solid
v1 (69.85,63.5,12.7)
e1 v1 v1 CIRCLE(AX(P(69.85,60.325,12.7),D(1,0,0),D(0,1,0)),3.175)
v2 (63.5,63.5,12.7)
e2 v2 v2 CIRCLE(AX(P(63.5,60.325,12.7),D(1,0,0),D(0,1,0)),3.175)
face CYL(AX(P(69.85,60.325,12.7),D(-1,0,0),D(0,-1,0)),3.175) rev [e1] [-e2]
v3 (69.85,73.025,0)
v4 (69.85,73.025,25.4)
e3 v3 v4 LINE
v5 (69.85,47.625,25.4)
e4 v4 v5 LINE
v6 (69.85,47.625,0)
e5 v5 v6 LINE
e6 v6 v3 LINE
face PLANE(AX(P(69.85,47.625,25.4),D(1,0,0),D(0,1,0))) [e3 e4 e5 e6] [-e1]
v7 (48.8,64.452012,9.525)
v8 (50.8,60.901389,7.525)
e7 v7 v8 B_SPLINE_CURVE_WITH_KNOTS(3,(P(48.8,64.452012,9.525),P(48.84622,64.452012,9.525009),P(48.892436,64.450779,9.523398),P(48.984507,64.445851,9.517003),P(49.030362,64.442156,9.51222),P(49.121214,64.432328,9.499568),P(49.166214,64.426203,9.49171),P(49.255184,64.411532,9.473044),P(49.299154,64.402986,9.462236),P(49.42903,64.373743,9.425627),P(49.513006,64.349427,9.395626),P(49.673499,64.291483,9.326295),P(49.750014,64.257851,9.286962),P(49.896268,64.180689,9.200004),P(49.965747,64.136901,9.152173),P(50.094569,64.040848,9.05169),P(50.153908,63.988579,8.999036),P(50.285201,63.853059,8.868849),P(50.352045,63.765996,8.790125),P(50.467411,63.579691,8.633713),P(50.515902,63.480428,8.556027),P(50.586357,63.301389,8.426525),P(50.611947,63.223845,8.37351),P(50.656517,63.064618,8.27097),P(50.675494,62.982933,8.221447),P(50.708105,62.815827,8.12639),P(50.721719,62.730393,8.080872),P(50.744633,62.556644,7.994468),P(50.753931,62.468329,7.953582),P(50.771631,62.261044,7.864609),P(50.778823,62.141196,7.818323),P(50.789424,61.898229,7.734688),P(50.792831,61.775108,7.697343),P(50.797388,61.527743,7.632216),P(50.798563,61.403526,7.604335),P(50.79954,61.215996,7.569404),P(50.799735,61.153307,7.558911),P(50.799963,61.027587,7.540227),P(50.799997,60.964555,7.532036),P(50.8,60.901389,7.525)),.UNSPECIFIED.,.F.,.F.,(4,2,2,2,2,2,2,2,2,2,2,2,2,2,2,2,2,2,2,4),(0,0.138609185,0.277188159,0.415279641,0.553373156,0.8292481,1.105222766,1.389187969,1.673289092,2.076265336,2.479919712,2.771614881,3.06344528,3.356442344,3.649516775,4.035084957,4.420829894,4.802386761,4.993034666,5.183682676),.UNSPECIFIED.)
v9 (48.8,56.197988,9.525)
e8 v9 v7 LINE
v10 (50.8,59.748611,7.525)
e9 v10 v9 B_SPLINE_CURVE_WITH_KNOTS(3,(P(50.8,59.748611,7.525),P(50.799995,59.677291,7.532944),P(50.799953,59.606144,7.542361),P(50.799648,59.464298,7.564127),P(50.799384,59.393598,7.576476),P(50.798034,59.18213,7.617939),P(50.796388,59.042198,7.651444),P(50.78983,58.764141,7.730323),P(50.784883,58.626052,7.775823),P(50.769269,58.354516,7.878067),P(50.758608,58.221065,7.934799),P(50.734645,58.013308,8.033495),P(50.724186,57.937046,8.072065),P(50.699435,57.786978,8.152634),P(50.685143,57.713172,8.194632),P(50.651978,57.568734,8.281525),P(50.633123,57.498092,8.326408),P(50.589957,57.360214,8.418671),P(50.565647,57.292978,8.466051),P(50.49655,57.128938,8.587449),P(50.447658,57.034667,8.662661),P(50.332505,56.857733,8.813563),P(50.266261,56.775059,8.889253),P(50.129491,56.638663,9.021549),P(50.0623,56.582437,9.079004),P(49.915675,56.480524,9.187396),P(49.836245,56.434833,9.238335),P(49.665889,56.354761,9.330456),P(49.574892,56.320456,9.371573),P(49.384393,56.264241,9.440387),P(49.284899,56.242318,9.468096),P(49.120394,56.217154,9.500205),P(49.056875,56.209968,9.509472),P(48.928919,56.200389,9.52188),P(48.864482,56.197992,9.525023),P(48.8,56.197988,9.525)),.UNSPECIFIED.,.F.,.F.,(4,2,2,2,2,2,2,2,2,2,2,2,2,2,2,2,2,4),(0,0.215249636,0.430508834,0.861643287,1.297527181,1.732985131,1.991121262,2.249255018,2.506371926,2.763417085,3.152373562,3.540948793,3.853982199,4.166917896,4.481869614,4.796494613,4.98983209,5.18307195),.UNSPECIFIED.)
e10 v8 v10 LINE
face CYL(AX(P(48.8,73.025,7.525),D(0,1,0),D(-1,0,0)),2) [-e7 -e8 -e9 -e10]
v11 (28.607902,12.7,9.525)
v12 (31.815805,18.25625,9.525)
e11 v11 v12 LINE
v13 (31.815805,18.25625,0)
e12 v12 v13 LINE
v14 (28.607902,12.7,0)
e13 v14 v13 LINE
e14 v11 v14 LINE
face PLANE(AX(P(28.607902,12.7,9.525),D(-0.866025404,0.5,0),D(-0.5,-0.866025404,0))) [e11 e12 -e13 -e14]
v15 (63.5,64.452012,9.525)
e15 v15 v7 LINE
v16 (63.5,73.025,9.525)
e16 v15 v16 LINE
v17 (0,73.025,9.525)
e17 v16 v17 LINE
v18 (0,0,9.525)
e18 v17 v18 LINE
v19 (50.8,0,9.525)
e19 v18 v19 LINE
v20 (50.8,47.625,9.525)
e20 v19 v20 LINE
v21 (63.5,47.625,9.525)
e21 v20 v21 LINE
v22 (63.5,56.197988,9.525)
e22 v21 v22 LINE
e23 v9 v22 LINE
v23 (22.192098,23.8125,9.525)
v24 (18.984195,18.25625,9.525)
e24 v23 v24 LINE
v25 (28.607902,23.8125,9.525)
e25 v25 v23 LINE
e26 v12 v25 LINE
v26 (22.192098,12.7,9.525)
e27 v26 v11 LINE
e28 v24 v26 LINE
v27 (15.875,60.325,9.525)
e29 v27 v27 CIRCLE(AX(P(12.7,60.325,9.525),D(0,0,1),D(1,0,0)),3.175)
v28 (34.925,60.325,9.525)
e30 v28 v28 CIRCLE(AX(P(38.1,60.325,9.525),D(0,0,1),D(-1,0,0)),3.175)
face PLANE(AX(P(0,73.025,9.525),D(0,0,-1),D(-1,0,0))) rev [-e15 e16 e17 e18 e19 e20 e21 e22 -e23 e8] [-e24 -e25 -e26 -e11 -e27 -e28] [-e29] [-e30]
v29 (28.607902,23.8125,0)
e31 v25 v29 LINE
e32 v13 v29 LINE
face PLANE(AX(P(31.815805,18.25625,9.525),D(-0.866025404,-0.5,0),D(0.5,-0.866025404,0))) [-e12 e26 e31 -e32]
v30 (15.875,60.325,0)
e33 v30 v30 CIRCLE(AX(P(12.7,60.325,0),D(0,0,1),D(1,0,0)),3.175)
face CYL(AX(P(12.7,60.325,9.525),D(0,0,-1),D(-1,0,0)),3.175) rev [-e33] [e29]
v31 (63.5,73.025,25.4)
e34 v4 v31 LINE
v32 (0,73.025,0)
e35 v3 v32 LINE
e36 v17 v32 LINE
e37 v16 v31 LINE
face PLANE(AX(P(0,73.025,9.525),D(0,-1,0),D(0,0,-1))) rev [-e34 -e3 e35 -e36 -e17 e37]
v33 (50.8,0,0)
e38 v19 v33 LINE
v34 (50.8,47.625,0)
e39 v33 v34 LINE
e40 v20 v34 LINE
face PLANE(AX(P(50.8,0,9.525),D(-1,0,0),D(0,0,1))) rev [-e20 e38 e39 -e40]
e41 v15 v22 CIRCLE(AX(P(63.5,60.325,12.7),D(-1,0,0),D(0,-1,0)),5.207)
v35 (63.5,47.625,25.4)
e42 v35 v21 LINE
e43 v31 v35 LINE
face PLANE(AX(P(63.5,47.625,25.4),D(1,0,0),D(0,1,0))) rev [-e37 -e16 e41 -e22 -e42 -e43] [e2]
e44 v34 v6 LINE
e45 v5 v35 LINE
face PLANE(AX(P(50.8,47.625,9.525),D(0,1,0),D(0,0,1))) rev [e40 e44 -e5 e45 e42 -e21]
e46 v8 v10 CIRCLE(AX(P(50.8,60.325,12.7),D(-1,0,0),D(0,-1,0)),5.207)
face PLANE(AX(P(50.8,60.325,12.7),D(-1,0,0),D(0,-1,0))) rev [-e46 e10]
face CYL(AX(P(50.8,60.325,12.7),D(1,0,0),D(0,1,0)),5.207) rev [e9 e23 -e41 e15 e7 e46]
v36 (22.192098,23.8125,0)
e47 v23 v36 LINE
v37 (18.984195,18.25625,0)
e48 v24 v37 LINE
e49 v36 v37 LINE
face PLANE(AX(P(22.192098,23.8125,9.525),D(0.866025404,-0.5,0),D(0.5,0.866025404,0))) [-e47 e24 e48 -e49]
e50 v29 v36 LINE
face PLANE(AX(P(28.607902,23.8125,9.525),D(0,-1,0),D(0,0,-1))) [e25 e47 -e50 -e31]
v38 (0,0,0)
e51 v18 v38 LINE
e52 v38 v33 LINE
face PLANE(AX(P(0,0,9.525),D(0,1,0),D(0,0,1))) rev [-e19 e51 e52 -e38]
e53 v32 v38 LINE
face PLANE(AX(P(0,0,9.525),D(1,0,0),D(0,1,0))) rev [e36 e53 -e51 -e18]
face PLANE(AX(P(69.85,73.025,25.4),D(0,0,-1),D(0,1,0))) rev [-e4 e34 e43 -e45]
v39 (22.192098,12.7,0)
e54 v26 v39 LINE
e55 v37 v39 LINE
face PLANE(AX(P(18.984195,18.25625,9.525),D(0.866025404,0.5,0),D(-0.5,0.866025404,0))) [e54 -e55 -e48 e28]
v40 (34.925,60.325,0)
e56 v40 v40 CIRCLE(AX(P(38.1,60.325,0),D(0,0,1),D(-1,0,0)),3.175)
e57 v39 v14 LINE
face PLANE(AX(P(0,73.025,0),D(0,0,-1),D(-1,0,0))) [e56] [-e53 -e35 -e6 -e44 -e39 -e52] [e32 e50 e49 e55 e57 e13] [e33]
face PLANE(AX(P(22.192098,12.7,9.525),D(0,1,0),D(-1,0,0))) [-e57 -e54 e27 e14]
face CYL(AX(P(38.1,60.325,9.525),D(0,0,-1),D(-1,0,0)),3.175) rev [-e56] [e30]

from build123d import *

# Parameters (mm, degrees)
SKETCH2_R      = 3.175
EXTRUDE1_DEPTH = 9.525
EXTRUDE2_START = 12.7
SKETCH3_W      = 25.4
SKETCH3_H      = 25.4
SKETCH3_R      = 3.175
EXTRUDE2_DEPTH = 6.35
SKETCH4_R      = 5.207
EXTRUDE3_DEPTH = 12.7
FILLET4_R      = 2


with BuildPart() as part:
    # Sketch2 → Extrude1 (new body)
    with BuildSketch(Plane.XY):
        Polygon((0, 0), (50.8, 0), (50.8, 47.625), (63.5, 47.625), (63.5, 73.025), (50.8, 73.025), (0, 73.025), align=None)
        with Locations((12.7, 60.325)):
            Circle(SKETCH2_R, mode=Mode.SUBTRACT)
        with Locations((38.1, 60.325)):
            Circle(SKETCH2_R, mode=Mode.SUBTRACT)
        Polygon((31.815804866, 18.25625), (28.607902433, 23.8125), (22.192097567, 23.8125), (18.984195134, 18.25625), (22.192097567, 12.7), (28.607902433, 12.7), align=None, mode=Mode.SUBTRACT)
    extrude(amount=EXTRUDE1_DEPTH)

    # Sketch3 → Extrude2 (add)
    with BuildSketch(Plane(origin=(50.8, 0, 0), x_dir=(0, 0, -1), z_dir=(1, 0, 0)).offset(EXTRUDE2_START)):
        with Locations((-12.7, 60.325)):
            Rectangle(SKETCH3_W, SKETCH3_H)
        with Locations((-12.7, 60.325)):
            Circle(SKETCH3_R, mode=Mode.SUBTRACT)
    extrude(amount=EXTRUDE2_DEPTH)

    # Sketch4 → Extrude3 (cut)
    with BuildSketch(Plane.ZY.offset(-63.5)):
        with Locations((12.7, 60.325)):
            Circle(SKETCH4_R)
    extrude(amount=EXTRUDE3_DEPTH, mode=Mode.SUBTRACT)

    # Fillet4
    fillet4_edges = [part.edges().sort_by_distance(p)[0] for p in [
        (50.8, 60.325, 9.525),
    ]]
    fillet(fillet4_edges, radius=FILLET4_R)


solid = part.part
